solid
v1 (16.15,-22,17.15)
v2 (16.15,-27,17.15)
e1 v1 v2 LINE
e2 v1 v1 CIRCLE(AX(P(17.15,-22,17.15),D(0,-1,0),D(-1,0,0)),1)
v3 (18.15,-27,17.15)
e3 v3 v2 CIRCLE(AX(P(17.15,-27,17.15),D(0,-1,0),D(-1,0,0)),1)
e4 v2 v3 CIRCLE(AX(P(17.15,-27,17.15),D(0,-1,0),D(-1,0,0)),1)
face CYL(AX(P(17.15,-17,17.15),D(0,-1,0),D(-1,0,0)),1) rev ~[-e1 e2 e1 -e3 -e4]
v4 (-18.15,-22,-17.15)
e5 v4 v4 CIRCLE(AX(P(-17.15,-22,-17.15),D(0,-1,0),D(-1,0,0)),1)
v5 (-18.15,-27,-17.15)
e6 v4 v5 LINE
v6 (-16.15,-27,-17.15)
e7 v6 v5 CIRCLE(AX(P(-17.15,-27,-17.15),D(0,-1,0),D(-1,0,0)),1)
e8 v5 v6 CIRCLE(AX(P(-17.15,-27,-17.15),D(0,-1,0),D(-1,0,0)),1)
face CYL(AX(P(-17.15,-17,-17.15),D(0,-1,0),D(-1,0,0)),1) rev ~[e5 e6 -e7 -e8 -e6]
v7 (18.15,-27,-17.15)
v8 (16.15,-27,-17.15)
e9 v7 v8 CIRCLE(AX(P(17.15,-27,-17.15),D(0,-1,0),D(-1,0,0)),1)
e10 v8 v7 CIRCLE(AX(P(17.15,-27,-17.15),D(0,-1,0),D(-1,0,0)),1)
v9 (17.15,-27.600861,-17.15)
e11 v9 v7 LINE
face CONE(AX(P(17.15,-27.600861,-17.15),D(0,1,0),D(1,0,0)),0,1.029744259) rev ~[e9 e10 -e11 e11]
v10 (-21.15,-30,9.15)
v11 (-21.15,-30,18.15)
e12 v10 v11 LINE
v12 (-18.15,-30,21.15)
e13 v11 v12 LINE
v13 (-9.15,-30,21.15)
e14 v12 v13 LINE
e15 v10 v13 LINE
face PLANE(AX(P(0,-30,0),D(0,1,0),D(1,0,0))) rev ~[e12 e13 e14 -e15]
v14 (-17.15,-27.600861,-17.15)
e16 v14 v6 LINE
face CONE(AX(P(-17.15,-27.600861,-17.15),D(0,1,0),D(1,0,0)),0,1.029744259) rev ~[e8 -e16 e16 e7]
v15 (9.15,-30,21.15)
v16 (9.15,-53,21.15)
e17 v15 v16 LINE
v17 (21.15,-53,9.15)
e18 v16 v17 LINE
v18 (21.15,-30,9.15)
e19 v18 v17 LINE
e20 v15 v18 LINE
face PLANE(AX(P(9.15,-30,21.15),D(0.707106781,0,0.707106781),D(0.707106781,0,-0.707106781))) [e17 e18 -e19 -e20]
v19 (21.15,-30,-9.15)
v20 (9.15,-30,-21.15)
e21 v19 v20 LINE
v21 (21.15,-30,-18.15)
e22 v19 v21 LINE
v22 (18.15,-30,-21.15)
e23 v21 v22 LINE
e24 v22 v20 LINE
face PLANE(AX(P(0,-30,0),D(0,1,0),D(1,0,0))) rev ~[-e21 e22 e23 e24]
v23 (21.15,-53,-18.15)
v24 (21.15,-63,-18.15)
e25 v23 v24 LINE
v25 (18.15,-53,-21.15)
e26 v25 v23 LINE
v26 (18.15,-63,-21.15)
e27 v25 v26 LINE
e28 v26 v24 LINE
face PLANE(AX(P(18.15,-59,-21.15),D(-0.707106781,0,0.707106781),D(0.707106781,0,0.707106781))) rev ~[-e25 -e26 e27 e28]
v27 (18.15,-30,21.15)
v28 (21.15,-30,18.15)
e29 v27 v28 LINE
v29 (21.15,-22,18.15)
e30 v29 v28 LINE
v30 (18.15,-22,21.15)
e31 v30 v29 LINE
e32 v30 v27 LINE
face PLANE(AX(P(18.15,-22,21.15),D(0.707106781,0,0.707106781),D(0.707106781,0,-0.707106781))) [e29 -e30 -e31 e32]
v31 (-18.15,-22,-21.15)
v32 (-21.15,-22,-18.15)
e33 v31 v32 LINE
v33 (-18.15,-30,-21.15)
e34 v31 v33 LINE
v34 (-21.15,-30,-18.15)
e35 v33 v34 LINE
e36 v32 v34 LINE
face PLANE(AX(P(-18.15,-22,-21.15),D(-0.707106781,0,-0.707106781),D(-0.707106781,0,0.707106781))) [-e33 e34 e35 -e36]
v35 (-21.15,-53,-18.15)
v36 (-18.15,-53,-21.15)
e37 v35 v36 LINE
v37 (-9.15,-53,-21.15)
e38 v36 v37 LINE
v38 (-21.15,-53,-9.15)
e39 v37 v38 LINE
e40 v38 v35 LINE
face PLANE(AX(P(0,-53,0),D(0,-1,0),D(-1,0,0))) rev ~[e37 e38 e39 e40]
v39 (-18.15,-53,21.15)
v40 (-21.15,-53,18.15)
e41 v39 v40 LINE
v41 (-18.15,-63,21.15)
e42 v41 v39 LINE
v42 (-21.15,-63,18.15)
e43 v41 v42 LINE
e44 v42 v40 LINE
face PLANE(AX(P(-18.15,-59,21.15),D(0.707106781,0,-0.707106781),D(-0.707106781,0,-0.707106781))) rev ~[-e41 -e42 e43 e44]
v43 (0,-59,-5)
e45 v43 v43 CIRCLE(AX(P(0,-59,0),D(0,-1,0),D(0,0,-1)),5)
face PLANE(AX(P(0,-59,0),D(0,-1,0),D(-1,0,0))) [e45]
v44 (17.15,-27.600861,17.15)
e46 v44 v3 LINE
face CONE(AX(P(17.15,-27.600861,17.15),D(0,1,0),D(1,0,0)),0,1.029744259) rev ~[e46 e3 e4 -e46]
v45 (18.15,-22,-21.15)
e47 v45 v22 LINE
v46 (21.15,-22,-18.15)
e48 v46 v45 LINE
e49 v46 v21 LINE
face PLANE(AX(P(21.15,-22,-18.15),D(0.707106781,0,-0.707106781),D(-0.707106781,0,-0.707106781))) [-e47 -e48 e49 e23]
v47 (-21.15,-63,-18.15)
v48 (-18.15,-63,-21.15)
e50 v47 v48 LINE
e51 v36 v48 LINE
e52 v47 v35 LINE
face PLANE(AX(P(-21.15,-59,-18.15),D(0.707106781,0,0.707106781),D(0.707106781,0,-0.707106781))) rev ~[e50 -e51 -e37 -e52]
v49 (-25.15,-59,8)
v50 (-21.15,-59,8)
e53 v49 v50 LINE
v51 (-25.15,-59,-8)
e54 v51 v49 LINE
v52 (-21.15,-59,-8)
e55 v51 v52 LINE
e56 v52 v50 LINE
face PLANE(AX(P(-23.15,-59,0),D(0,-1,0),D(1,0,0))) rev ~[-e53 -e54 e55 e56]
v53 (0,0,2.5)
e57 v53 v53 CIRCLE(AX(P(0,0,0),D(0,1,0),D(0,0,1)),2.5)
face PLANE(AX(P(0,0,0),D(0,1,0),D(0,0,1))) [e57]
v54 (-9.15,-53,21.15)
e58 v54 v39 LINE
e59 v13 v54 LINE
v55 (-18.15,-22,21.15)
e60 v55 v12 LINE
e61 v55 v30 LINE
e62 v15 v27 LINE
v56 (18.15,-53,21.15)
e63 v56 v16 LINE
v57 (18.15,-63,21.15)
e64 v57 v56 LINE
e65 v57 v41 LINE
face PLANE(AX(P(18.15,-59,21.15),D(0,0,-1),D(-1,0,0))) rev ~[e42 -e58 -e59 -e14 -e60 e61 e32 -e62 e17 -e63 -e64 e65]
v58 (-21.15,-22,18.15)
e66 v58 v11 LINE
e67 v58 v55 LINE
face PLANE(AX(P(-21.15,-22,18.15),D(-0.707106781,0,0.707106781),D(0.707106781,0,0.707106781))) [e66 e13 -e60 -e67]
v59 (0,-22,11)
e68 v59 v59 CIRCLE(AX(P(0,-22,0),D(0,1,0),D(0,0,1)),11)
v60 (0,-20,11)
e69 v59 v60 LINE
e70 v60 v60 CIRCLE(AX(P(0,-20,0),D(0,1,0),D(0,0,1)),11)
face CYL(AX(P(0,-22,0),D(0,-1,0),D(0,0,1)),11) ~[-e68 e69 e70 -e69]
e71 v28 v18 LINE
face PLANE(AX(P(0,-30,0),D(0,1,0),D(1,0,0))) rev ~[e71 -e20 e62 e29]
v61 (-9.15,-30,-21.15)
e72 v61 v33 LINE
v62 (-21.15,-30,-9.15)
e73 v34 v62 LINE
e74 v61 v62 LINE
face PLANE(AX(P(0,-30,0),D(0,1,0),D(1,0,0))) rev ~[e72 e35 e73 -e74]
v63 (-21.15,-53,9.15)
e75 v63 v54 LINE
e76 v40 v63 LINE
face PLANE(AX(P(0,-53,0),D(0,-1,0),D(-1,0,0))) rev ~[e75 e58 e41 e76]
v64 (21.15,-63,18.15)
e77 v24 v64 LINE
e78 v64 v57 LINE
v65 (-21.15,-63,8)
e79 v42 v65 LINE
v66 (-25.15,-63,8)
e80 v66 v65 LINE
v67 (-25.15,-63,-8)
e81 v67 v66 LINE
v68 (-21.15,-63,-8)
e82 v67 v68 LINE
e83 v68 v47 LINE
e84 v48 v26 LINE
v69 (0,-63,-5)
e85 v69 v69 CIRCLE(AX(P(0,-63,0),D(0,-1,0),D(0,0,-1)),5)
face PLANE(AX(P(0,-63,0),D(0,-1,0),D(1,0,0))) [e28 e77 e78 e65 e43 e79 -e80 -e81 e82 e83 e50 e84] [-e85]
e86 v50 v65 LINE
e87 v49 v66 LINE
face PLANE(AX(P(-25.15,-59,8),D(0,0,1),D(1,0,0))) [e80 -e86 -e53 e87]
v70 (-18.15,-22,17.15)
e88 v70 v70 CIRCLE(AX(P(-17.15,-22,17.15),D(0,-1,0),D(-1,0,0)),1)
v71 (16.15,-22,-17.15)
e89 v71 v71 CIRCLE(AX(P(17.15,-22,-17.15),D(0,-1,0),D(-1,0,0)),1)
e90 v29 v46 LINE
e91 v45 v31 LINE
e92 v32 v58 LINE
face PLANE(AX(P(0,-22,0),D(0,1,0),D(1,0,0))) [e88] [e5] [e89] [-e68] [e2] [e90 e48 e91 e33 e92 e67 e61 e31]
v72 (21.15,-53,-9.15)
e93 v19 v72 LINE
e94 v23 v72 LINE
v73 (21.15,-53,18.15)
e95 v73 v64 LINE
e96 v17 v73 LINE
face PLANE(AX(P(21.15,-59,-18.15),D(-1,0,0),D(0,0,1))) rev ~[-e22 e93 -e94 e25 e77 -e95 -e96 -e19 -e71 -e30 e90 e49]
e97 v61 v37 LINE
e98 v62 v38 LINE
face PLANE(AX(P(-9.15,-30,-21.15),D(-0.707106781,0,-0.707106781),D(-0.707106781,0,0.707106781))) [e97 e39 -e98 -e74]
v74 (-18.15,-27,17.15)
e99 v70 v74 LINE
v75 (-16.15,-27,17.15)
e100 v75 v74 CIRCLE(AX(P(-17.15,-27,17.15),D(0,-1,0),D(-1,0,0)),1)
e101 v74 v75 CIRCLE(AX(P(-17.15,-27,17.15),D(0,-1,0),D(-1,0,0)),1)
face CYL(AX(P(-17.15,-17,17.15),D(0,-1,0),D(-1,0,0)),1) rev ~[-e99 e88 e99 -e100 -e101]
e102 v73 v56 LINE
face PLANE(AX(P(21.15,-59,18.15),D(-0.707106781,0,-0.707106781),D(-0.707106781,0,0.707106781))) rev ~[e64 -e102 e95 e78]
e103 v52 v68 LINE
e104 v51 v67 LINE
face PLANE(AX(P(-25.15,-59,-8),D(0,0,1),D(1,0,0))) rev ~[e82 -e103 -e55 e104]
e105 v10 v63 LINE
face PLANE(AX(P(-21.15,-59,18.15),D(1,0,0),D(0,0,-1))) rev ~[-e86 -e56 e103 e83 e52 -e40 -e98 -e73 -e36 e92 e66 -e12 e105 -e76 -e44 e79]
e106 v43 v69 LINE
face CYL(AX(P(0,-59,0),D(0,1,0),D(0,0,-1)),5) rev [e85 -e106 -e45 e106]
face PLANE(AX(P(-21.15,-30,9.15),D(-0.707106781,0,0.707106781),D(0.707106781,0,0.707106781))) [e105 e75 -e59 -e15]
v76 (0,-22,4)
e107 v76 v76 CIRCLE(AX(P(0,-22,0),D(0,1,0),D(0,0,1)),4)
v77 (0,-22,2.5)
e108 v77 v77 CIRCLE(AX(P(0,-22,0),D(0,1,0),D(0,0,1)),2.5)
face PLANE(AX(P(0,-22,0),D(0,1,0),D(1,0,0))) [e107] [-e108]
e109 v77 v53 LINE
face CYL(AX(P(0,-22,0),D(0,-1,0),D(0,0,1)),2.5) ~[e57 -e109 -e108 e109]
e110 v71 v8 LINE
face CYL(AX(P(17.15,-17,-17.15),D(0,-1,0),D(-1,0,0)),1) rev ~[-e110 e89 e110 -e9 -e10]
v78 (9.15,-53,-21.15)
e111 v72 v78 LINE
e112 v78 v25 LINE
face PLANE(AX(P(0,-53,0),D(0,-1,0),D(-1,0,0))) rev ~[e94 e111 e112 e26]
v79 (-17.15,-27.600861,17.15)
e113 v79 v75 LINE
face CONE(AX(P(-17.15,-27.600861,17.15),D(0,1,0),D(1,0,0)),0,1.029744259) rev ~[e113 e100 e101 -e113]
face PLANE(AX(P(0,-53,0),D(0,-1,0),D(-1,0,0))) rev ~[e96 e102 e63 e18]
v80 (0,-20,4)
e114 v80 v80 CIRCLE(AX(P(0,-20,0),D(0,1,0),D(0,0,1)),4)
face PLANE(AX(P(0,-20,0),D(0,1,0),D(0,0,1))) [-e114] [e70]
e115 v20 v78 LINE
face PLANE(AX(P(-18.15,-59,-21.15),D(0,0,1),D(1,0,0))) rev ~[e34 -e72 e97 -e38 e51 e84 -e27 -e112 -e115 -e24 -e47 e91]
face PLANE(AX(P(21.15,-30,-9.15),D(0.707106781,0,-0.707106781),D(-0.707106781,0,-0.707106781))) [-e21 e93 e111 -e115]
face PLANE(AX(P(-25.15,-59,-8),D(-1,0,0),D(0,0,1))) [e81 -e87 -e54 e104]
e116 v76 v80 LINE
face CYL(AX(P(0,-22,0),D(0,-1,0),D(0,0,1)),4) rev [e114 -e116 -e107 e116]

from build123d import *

# Parameters (mm, degrees)
BOSS_EXTRUDE1_START       = -22
BOSS_EXTRUDE1_DEPTH       = 8
BOSS_EXTRUDE3_DEPTH       = 23
BOSS_EXTRUDE4_DEPTH       = 6
SKETCH4_R                 = 11
SKETCH4_R_2               = 4
BOSS_EXTRUDE5_DEPTH       = 2
SKETCH5_R                 = 2.5
BOSS_EXTRUDE6_DEPTH       = 22
F_2_0MM_DOWEL_HOLE1_D     = 2
F_2_0MM_DOWEL_HOLE1_DEPTH = 5
F_2_0MM_DOWEL_HOLE1_TIP   = 0.600860619
SKETCH8_R                 = 5
SKETCH8_W                 = 4
SKETCH8_H                 = 16
BOSS_EXTRUDE7_DEPTH       = 4


with BuildPart() as part:
    # Sketch1 → Boss-Extrude1 (new body)
    with BuildSketch(Plane(origin=(0, 0, 0), x_dir=(1, 0, 0), z_dir=(0, 1, 0)).offset(BOSS_EXTRUDE1_START)):
        Polygon((-18.15, 21.15), (-21.15, 18.15), (-21.15, -18.15), (-18.15, -21.15), (18.15, -21.15), (21.15, -18.15), (21.15, 18.15), (18.15, 21.15), align=None)
    extrude(amount=-BOSS_EXTRUDE1_DEPTH)

    # Sketch2 → Boss-Extrude3 (add)
    with BuildSketch(Plane(origin=(0, -30, 0), x_dir=(-1, 0, 0), z_dir=(0, -1, 0))):
        Polygon((-21.15, 9.15), (-9.15, 21.15), (9.15, 21.15), (21.15, 9.15), (21.15, -9.15), (9.15, -21.15), (-9.15, -21.15), (-21.15, -9.15), align=None)
    extrude(amount=BOSS_EXTRUDE3_DEPTH)

    # Sketch3 → Boss-Extrude4 (add)
    with BuildSketch(Plane(origin=(0, -53, 0), x_dir=(-1, 0, 0), z_dir=(0, -1, 0))):
        Polygon((-18.15, 21.15), (-21.15, 18.15), (-21.15, -18.15), (-18.15, -21.15), (18.15, -21.15), (21.15, -18.15), (21.15, 18.15), (18.15, 21.15), align=None)
    extrude(amount=BOSS_EXTRUDE4_DEPTH)

    # Sketch4 → Boss-Extrude5 (add)
    with BuildSketch(Plane(origin=(0, -22, 0), x_dir=(-1, 0, 0), z_dir=(0, 1, 0))):
        with Locations(Location((0, 0, 0), (0, 0, 90))):
            Circle(SKETCH4_R)
        with Locations(Location((0, 0, 0), (0, 0, 90))):
            Circle(SKETCH4_R_2, mode=Mode.SUBTRACT)
    extrude(amount=BOSS_EXTRUDE5_DEPTH)

    # Sketch5 → Boss-Extrude6 (add)
    with BuildSketch(Plane(origin=(0, -22, 0), x_dir=(-1, 0, 0), z_dir=(0, 1, 0))):
        with Locations(Location((0, 0, 0), (0, 0, 90))):
            Circle(SKETCH5_R)
    extrude(amount=BOSS_EXTRUDE6_DEPTH)

    # Ø2.0mm Dowel Hole1
    with Locations(Plane(origin=(0, -22, 0), x_dir=(1, 0, 0), z_dir=(0, 1, 0))):
        with Locations((-17.15, 17.15), (-17.15, -17.15), (17.15, -17.15), (17.15, 17.15)):
            Hole(F_2_0MM_DOWEL_HOLE1_D / 2, depth=F_2_0MM_DOWEL_HOLE1_DEPTH)
            with Locations((0, 0, -(F_2_0MM_DOWEL_HOLE1_DEPTH + F_2_0MM_DOWEL_HOLE1_TIP / 2))):  # 118° drill point
                Cone(0, F_2_0MM_DOWEL_HOLE1_D / 2, F_2_0MM_DOWEL_HOLE1_TIP, mode=Mode.SUBTRACT)

    # Sketch8 → Boss-Extrude7 (add)
    # profile 1 of 2: a face of its own
    with BuildSketch(Plane.XZ.offset(59)):
        Polygon((-21.15, -18.15), (-18.15, -21.15), (18.15, -21.15), (21.15, -18.15), (21.15, 18.15), (18.15, 21.15), (-18.15, 21.15), (-21.15, 18.15), align=None)
        with Locations(Location((0, 0, 0), (0, 0, 270))):
            Circle(SKETCH8_R, mode=Mode.SUBTRACT)
    # profile 2 of 2: a face of its own
    with BuildSketch(Plane.XZ.offset(59)):
        with Locations((-23.15, 0)):
            Rectangle(SKETCH8_W, SKETCH8_H)
    extrude(amount=BOSS_EXTRUDE7_DEPTH)


solid = part.part
